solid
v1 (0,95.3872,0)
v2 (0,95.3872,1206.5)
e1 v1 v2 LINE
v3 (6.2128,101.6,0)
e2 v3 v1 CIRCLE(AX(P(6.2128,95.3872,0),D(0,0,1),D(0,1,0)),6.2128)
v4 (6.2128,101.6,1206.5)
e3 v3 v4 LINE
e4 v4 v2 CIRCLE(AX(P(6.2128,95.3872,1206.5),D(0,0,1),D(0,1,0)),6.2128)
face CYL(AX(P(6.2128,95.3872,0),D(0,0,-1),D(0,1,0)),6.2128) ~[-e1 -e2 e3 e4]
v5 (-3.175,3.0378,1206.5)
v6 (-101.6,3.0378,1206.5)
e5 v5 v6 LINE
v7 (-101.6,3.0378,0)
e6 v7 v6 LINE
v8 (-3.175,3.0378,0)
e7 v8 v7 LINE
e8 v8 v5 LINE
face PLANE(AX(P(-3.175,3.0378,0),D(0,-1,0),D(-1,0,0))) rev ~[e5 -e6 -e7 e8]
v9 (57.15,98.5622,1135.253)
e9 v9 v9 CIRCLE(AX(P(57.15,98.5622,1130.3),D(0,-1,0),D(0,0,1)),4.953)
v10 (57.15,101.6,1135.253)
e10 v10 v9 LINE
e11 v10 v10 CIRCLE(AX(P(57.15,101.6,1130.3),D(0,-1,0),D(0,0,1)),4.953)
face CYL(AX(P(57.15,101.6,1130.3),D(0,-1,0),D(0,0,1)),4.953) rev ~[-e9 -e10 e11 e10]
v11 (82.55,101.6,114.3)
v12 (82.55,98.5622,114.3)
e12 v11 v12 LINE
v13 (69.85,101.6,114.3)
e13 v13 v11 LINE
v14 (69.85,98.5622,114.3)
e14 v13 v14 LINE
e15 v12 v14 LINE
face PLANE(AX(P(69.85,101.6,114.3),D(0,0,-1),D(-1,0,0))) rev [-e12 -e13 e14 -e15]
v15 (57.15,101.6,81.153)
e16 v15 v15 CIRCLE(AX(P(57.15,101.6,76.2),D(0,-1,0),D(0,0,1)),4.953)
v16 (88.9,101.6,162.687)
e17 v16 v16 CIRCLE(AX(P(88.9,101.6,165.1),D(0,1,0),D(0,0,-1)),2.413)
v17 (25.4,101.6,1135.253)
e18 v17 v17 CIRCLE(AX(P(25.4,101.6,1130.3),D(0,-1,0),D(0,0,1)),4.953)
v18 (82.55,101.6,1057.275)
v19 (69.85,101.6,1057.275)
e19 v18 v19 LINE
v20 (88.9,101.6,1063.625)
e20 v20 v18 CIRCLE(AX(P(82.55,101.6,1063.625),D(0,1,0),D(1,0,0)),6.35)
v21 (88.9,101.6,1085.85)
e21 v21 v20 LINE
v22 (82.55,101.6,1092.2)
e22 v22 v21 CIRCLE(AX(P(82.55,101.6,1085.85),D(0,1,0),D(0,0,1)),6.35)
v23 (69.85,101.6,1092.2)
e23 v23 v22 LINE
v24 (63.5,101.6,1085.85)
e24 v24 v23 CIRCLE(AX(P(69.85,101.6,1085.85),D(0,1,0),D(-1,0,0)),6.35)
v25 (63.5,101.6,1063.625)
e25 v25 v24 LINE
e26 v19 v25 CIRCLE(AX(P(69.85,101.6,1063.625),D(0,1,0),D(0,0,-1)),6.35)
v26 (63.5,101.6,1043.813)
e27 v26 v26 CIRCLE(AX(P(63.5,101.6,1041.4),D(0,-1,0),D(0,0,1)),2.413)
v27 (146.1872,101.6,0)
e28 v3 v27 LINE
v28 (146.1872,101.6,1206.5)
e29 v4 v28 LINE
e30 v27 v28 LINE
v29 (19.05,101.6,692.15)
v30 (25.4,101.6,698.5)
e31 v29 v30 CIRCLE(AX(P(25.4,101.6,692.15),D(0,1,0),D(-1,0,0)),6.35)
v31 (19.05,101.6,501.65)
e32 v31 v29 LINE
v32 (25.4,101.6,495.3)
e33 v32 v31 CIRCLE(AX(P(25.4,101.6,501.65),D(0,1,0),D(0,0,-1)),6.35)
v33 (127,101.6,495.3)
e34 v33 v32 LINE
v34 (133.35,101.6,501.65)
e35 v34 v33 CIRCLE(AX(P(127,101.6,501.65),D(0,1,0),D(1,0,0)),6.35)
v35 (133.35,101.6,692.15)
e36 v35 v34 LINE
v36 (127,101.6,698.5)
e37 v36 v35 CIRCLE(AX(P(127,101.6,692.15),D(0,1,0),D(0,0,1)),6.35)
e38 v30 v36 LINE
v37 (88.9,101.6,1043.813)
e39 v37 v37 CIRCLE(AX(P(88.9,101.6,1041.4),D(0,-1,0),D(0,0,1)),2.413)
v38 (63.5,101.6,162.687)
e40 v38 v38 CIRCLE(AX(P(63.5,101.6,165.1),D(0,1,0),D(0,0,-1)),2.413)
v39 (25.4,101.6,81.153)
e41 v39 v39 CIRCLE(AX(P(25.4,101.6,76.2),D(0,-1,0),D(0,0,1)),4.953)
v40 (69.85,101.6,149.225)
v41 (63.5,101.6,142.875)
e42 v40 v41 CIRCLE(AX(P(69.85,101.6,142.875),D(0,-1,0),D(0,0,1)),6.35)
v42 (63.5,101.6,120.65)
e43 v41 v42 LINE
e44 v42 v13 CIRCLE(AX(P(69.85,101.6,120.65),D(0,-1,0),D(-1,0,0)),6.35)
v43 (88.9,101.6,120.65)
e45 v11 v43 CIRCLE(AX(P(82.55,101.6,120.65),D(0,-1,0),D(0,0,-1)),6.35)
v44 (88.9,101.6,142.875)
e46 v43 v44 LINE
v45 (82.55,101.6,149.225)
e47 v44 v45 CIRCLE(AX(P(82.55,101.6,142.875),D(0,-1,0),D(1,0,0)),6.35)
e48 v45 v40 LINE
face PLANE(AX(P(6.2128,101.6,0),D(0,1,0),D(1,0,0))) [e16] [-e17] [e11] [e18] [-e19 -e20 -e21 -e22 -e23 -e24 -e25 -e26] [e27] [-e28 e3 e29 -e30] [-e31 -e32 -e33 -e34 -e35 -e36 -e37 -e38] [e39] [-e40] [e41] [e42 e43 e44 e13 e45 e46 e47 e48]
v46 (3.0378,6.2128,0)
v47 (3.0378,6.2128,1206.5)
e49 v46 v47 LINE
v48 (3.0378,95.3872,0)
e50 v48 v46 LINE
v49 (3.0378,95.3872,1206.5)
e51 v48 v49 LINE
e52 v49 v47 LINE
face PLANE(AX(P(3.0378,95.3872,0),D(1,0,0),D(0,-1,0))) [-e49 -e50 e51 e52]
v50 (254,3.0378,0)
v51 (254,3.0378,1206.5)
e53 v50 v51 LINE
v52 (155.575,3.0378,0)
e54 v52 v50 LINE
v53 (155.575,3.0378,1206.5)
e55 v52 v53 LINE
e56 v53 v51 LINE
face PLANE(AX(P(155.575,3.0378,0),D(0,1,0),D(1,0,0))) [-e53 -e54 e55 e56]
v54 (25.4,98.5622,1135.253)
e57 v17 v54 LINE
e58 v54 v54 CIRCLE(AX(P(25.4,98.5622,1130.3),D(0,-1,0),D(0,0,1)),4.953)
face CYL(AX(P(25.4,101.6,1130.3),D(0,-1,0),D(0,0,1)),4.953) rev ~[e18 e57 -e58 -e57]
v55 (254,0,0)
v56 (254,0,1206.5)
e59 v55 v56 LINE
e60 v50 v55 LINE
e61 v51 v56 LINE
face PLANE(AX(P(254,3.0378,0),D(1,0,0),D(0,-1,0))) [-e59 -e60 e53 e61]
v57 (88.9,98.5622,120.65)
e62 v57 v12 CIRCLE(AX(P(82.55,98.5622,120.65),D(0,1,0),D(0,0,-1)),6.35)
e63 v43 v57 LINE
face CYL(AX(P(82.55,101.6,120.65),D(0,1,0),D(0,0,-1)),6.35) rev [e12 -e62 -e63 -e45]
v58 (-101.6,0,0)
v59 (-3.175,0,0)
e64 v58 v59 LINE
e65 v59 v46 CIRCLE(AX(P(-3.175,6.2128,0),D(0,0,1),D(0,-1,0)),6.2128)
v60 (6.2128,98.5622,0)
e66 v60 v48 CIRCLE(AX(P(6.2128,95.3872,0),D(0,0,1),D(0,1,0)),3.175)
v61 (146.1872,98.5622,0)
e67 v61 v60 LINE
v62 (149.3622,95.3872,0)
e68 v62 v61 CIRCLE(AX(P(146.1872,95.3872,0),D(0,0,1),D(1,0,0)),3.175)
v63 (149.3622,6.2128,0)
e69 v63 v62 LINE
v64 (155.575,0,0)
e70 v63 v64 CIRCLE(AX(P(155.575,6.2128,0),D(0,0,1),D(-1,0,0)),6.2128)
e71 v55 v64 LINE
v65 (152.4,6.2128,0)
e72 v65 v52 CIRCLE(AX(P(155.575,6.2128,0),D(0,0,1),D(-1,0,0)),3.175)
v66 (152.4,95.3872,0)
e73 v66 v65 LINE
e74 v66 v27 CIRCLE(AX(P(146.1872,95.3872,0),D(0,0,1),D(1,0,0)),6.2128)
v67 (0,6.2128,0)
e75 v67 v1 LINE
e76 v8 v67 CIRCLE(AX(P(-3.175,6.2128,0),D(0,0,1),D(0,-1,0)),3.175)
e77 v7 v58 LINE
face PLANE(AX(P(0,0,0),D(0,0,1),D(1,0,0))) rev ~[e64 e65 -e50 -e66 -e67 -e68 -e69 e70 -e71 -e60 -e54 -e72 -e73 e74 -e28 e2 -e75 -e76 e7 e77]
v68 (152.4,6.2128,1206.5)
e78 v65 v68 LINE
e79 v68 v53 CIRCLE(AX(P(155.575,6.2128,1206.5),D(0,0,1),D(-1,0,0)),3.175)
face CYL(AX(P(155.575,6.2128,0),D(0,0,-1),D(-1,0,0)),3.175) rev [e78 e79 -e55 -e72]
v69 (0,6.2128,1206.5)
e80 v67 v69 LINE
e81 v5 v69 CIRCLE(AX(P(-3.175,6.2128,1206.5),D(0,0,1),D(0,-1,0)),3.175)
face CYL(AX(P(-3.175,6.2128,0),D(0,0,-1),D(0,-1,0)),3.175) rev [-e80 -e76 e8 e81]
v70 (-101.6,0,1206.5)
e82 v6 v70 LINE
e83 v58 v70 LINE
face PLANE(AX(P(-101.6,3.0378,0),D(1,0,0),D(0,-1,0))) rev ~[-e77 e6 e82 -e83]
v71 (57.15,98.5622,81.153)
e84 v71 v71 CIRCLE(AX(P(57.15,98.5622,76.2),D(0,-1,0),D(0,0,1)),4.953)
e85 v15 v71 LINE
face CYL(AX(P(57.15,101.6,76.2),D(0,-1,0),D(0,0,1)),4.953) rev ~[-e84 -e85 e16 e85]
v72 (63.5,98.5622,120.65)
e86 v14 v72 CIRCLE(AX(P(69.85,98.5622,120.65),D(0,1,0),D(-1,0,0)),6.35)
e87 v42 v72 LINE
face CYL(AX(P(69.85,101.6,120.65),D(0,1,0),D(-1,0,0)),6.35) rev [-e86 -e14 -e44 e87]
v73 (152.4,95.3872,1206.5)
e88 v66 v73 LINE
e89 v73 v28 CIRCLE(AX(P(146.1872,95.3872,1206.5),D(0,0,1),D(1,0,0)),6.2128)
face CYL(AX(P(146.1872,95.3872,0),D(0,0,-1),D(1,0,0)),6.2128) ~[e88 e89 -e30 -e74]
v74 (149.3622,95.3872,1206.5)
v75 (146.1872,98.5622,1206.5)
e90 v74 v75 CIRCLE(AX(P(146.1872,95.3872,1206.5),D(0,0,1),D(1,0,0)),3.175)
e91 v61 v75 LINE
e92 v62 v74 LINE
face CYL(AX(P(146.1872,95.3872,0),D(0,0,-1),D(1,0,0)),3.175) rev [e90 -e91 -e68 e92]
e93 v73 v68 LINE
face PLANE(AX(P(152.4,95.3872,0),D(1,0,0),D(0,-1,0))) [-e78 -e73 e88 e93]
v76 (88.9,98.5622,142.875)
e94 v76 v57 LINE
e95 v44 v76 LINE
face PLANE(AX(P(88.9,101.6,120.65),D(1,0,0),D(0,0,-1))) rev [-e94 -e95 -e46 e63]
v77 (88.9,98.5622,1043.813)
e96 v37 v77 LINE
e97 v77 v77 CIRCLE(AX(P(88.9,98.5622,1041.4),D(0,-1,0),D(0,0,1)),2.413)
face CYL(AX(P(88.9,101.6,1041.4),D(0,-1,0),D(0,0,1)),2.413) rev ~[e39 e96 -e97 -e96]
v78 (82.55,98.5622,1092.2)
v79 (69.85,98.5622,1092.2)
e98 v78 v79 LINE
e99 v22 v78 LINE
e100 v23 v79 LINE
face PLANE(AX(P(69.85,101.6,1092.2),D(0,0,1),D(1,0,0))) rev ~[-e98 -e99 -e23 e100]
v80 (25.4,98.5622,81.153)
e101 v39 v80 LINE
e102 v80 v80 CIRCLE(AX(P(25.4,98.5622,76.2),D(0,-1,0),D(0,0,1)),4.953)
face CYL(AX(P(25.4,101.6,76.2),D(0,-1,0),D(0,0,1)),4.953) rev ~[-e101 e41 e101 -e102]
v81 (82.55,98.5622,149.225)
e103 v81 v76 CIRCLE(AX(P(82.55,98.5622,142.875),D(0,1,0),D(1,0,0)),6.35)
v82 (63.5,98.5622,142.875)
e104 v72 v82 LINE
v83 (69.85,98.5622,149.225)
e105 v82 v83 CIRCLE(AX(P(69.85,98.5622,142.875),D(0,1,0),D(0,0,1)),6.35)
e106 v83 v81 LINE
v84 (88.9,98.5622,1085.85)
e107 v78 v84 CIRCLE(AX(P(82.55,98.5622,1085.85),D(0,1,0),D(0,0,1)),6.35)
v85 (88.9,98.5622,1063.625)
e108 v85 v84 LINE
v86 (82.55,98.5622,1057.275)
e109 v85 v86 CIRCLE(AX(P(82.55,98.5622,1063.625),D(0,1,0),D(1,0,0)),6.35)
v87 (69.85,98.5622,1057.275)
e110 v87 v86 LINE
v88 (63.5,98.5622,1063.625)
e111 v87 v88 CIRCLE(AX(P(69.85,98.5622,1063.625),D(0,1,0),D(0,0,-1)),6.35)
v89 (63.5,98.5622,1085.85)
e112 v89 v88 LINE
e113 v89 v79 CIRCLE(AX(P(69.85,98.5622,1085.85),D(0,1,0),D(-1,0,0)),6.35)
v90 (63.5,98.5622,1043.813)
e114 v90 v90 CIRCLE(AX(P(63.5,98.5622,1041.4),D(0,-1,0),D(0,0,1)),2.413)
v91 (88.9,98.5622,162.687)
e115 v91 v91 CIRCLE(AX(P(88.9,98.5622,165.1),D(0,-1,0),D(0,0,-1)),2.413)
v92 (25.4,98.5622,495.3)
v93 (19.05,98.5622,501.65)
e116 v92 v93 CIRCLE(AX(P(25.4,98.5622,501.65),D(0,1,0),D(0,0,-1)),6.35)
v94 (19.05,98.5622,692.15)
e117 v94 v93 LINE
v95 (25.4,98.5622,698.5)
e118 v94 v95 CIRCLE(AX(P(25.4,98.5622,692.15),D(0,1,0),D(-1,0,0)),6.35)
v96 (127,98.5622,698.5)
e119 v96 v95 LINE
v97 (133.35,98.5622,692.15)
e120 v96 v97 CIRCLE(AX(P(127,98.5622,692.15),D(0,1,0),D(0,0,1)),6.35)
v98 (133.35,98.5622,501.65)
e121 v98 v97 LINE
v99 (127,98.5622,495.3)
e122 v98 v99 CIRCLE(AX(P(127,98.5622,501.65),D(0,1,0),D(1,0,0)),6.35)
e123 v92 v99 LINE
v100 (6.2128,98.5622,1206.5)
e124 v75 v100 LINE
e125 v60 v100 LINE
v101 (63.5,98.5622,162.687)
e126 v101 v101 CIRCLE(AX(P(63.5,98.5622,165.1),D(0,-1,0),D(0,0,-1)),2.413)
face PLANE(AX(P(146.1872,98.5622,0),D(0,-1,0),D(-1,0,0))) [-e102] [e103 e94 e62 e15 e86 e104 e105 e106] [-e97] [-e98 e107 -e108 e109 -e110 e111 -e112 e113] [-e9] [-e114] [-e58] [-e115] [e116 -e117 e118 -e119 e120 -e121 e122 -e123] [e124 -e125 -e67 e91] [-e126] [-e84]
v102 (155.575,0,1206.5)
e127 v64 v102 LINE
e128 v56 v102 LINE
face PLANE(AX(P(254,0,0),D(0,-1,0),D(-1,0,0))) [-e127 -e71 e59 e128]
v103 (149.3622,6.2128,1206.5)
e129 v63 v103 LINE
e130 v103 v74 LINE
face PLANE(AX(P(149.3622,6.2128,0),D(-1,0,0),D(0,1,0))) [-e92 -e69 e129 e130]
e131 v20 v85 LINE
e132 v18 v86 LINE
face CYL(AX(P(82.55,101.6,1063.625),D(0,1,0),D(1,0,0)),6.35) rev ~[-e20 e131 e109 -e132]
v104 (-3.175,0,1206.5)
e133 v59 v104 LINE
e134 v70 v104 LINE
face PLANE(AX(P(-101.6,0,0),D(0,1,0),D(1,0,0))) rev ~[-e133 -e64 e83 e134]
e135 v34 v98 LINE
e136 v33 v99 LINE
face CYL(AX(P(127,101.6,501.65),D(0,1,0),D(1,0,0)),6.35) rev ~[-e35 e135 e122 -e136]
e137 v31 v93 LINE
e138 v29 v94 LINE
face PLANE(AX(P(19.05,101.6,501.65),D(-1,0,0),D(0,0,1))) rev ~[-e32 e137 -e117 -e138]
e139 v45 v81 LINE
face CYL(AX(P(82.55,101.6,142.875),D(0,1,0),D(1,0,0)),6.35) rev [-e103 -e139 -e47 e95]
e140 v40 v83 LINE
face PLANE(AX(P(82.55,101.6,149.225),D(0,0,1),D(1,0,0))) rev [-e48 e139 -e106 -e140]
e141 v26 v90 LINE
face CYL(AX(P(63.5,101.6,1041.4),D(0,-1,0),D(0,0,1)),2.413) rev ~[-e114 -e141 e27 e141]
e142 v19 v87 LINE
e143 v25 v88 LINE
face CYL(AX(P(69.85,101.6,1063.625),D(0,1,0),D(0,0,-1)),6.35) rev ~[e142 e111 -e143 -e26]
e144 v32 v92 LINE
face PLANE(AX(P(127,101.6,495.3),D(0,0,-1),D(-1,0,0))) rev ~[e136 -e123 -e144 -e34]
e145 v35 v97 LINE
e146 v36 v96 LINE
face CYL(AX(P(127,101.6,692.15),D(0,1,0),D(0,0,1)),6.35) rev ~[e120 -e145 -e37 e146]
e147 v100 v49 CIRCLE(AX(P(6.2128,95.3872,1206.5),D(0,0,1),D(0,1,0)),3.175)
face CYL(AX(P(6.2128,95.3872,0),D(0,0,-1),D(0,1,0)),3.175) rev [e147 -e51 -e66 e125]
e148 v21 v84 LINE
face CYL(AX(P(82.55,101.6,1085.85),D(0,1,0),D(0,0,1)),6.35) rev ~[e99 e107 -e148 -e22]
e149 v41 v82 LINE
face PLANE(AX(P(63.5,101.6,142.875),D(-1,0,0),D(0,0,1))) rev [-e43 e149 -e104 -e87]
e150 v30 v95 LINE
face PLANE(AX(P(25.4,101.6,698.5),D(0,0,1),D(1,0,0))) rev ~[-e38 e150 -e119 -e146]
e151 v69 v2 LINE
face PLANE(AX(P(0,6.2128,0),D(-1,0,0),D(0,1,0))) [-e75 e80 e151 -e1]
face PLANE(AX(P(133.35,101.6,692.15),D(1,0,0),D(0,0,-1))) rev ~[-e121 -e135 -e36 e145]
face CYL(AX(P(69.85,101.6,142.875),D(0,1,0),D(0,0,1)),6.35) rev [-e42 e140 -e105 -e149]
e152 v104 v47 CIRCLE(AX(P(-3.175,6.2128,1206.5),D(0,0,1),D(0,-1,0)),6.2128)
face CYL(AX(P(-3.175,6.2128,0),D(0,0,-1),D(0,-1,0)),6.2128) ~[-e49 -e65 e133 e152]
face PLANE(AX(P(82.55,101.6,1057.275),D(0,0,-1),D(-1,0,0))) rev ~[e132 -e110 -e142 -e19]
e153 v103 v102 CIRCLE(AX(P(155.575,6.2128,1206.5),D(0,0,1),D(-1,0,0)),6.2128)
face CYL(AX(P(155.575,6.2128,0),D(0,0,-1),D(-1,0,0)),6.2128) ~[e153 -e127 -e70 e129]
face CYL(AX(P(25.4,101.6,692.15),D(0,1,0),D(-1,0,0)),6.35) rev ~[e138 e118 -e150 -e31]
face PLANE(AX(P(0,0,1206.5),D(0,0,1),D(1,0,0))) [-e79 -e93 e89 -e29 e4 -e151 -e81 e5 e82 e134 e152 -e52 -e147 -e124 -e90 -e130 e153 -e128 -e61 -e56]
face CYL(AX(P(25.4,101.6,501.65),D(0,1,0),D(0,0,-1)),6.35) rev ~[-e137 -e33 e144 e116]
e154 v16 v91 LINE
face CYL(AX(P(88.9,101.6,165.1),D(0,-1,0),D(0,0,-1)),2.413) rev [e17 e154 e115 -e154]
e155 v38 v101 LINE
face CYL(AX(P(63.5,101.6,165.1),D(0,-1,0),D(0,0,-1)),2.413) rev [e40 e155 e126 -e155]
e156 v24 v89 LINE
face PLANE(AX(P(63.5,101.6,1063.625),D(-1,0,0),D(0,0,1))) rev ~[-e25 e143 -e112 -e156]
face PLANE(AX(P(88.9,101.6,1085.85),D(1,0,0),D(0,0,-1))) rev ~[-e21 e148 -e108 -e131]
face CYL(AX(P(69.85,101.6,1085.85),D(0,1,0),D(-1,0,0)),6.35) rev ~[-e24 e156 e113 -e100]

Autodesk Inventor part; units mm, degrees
ref_plane "YZ Plane" through (0, 0, 0) normal (1, 0, 0) x (0, 1, 0)
ref_plane "XZ Plane" through (0, 0, 0) normal (0, 1, 0) x (-1, 0, 0)
sketch "Sketch1" plane through (0, 0, 0) normal (0, 0, 1) x (1, 0, 0)
  line L0 (0, 6.2128) -> (0, 95.3872)
  line L1 (6.2128, 101.6) -> (146.1872, 101.6)
  line L2 (152.4, 95.3872) -> (152.4, 6.2128)
  line L3 (149.3622, 6.2128) -> (149.3622, 95.3872)
  line L4 (146.1872, 98.5622) -> (6.2128, 98.5622)
  line L5 (3.0378, 95.3872) -> (3.0378, 6.2128)
  arc A0 (6.2128, 98.5622) -> (3.0378, 95.3872) centre (6.2128, 95.3872) ccw
  arc A1 (149.3622, 95.3872) -> (146.1872, 98.5622) centre (146.1872, 95.3872) ccw
  arc A2 (6.2128, 101.6) -> (0, 95.3872) centre (6.2128, 95.3872) ccw
  arc A3 (152.4, 95.3872) -> (146.1872, 101.6) centre (146.1872, 95.3872) ccw
  line L6 (-101.6, 0) -> (-3.175, 0)
  line L7 (-3.175, 3.0378) -> (-101.6, 3.0378)
  line L8 (-101.6, 3.0378) -> (-101.6, 0)
  line L9 (254, 0) -> (155.575, 0)
  line L10 (155.575, 3.0378) -> (254, 3.0378)
  line L11 (254, 3.0378) -> (254, 0)
  arc A4 (-3.175, 3.0378) -> (0, 6.2128) centre (-3.175, 6.2128) ccw
  arc A5 (152.4, 6.2128) -> (155.575, 3.0378) centre (155.575, 6.2128) ccw
  arc A6 (-3.175, 0) -> (3.0378, 6.2128) centre (-3.175, 6.2128) ccw
  arc A7 (149.3622, 6.2128) -> (155.575, 0) centre (155.575, 6.2128) ccw
  point P0 (0, 0)
  point P1 (0, 101.6)
  point P2 (152.4, 101.6)
  point P3 (152.4, 3.0378)
  point P4 (149.3622, 0)
  dimension "d0" = 101.6
  dimension "d1" = 3.0378
  dimension "d2" = 3.0378
  dimension "d3" = 152.4
  dimension "d4" = 3.175
  dimension "d5" = 6.2128
  dimension "d31" = 3.0378
  dimension "d32" = 3.0378
  dimension "d33" = 3.175
  dimension "d34" = 6.2128
  dimension "d35" = 101.6
extrude "Extrusion1" add sketch "Sketch1" along normal blind 1206.5
hole "Hole1" at (25.4, 101.6, 1130.3) direction (0, -1, 0) diameter 9.906 end through all
pattern_linear "Rectangular Pattern1" count 2 spacing 31.75 along (1, 0, 0) of "Hole1"
pattern_linear "Rectangular Pattern2" count 2 spacing 1054.1 along (0, 0, -1) of "Hole1", "Rectangular Pattern1"
sketch "Sketch3" plane through (6.2128, 101.6, 0) normal (0, 1, 0) x (1, 0, 0)
  line L0 (0, -1206.5) -> (139.9743, -1206.5) projected
  line L1 (19.1872, -698.5) -> (120.7872, -698.5)
  line L2 (127.1372, -692.15) -> (127.1372, -501.65)
  line L3 (120.7872, -495.3) -> (19.1872, -495.3)
  line L4 (12.8372, -501.65) -> (12.8372, -692.15)
  arc A0 (12.8372, -692.15) -> (19.1872, -698.5) centre (19.1872, -692.15) ccw
  arc A1 (19.1872, -495.3) -> (12.8372, -501.65) centre (19.1872, -501.65) ccw
  arc A2 (127.1372, -501.65) -> (120.7872, -495.3) centre (120.7872, -501.65) ccw
  arc A3 (120.7872, -698.5) -> (127.1372, -692.15) centre (120.7872, -692.15) ccw
  line L5 (146.1872, 0) -> (146.1872, -1206.5) projected
  point P0 (-6.2128, 0)
  dimension "d36" = 6.35
  dimension "d37" = 203.2
  dimension "d38" = 114.3
  dimension "d39" = 19.05
  dimension "d40" = 508
extrude "Extrusion2" cut sketch "Sketch3" against normal blind 25.4
sketch "Sketch4" plane through (6.2128, 101.6, 0) normal (0, 1, 0) x (1, 0, 0)
  line L0 (0, -1206.5) -> (139.9743, -1206.5) projected
  line L1 (139.9743, 0) -> (139.9743, -1206.5) projected
  line L2 (0, 0) -> (0, -1206.5) projected
  line L3 (63.6372, -1092.2) -> (76.3372, -1092.2)
  line L4 (82.6872, -1085.85) -> (82.6872, -1063.625)
  line L5 (76.3372, -1057.275) -> (63.6372, -1057.275)
  line L6 (57.2872, -1063.625) -> (57.2872, -1085.85)
  arc A0 (57.2872, -1085.85) -> (63.6372, -1092.2) centre (63.6372, -1085.85) ccw
  arc A1 (76.3372, -1092.2) -> (82.6872, -1085.85) centre (76.3372, -1085.85) ccw
  arc A2 (82.6872, -1063.625) -> (76.3372, -1057.275) centre (76.3372, -1063.625) ccw
  arc A3 (63.6372, -1057.275) -> (57.2872, -1063.625) centre (63.6372, -1063.625) ccw
  point P0 (-6.2128, 0)
  point P1 (57.2872, -1092.2)
  point P2 (82.6872, -1057.275)
  point P3 (57.2872, -1057.275)
  dimension "d43" = 114.3
  dimension "d44" = 57.2872
  dimension "d45" = 25.4
  dimension "d46" = 139.9743
  dimension "d47" = 34.925
  dimension "d48" = 6.35
extrude "Extrusion3" cut sketch "Sketch4" against normal blind 25.4
hole "Hole2" at (88.9, 101.6, 1041.4) direction (0, -1, 0) diameter 4.826 depth 25.4 tip angle 118
pattern_linear "Rectangular Pattern3" count 2 spacing 25.4 along (-1, 0, 0) of "Hole2"
ref_plane "Work Plane1" through (0, 0, 603.25) normal (0, 0, -1) x (-1, 0, 0)
mirror "Mirror1" about plane through (0, 0, 603.25) normal (0, 0, -1) of "Extrusion3", "Hole2", "Rectangular Pattern3"
equation "\"d2\" = d1"
equation "\"d5\" = d4 + d1"
equation "\"d31\" = d1"
equation "\"d32\" = d1"
equation "\"d33\" = d4"
equation "\"d34\" = d5"
equation "\"d44\" = -0.5 * d45 + 0.5 * d46"
properties part number "GE-12021" material "Steel"
